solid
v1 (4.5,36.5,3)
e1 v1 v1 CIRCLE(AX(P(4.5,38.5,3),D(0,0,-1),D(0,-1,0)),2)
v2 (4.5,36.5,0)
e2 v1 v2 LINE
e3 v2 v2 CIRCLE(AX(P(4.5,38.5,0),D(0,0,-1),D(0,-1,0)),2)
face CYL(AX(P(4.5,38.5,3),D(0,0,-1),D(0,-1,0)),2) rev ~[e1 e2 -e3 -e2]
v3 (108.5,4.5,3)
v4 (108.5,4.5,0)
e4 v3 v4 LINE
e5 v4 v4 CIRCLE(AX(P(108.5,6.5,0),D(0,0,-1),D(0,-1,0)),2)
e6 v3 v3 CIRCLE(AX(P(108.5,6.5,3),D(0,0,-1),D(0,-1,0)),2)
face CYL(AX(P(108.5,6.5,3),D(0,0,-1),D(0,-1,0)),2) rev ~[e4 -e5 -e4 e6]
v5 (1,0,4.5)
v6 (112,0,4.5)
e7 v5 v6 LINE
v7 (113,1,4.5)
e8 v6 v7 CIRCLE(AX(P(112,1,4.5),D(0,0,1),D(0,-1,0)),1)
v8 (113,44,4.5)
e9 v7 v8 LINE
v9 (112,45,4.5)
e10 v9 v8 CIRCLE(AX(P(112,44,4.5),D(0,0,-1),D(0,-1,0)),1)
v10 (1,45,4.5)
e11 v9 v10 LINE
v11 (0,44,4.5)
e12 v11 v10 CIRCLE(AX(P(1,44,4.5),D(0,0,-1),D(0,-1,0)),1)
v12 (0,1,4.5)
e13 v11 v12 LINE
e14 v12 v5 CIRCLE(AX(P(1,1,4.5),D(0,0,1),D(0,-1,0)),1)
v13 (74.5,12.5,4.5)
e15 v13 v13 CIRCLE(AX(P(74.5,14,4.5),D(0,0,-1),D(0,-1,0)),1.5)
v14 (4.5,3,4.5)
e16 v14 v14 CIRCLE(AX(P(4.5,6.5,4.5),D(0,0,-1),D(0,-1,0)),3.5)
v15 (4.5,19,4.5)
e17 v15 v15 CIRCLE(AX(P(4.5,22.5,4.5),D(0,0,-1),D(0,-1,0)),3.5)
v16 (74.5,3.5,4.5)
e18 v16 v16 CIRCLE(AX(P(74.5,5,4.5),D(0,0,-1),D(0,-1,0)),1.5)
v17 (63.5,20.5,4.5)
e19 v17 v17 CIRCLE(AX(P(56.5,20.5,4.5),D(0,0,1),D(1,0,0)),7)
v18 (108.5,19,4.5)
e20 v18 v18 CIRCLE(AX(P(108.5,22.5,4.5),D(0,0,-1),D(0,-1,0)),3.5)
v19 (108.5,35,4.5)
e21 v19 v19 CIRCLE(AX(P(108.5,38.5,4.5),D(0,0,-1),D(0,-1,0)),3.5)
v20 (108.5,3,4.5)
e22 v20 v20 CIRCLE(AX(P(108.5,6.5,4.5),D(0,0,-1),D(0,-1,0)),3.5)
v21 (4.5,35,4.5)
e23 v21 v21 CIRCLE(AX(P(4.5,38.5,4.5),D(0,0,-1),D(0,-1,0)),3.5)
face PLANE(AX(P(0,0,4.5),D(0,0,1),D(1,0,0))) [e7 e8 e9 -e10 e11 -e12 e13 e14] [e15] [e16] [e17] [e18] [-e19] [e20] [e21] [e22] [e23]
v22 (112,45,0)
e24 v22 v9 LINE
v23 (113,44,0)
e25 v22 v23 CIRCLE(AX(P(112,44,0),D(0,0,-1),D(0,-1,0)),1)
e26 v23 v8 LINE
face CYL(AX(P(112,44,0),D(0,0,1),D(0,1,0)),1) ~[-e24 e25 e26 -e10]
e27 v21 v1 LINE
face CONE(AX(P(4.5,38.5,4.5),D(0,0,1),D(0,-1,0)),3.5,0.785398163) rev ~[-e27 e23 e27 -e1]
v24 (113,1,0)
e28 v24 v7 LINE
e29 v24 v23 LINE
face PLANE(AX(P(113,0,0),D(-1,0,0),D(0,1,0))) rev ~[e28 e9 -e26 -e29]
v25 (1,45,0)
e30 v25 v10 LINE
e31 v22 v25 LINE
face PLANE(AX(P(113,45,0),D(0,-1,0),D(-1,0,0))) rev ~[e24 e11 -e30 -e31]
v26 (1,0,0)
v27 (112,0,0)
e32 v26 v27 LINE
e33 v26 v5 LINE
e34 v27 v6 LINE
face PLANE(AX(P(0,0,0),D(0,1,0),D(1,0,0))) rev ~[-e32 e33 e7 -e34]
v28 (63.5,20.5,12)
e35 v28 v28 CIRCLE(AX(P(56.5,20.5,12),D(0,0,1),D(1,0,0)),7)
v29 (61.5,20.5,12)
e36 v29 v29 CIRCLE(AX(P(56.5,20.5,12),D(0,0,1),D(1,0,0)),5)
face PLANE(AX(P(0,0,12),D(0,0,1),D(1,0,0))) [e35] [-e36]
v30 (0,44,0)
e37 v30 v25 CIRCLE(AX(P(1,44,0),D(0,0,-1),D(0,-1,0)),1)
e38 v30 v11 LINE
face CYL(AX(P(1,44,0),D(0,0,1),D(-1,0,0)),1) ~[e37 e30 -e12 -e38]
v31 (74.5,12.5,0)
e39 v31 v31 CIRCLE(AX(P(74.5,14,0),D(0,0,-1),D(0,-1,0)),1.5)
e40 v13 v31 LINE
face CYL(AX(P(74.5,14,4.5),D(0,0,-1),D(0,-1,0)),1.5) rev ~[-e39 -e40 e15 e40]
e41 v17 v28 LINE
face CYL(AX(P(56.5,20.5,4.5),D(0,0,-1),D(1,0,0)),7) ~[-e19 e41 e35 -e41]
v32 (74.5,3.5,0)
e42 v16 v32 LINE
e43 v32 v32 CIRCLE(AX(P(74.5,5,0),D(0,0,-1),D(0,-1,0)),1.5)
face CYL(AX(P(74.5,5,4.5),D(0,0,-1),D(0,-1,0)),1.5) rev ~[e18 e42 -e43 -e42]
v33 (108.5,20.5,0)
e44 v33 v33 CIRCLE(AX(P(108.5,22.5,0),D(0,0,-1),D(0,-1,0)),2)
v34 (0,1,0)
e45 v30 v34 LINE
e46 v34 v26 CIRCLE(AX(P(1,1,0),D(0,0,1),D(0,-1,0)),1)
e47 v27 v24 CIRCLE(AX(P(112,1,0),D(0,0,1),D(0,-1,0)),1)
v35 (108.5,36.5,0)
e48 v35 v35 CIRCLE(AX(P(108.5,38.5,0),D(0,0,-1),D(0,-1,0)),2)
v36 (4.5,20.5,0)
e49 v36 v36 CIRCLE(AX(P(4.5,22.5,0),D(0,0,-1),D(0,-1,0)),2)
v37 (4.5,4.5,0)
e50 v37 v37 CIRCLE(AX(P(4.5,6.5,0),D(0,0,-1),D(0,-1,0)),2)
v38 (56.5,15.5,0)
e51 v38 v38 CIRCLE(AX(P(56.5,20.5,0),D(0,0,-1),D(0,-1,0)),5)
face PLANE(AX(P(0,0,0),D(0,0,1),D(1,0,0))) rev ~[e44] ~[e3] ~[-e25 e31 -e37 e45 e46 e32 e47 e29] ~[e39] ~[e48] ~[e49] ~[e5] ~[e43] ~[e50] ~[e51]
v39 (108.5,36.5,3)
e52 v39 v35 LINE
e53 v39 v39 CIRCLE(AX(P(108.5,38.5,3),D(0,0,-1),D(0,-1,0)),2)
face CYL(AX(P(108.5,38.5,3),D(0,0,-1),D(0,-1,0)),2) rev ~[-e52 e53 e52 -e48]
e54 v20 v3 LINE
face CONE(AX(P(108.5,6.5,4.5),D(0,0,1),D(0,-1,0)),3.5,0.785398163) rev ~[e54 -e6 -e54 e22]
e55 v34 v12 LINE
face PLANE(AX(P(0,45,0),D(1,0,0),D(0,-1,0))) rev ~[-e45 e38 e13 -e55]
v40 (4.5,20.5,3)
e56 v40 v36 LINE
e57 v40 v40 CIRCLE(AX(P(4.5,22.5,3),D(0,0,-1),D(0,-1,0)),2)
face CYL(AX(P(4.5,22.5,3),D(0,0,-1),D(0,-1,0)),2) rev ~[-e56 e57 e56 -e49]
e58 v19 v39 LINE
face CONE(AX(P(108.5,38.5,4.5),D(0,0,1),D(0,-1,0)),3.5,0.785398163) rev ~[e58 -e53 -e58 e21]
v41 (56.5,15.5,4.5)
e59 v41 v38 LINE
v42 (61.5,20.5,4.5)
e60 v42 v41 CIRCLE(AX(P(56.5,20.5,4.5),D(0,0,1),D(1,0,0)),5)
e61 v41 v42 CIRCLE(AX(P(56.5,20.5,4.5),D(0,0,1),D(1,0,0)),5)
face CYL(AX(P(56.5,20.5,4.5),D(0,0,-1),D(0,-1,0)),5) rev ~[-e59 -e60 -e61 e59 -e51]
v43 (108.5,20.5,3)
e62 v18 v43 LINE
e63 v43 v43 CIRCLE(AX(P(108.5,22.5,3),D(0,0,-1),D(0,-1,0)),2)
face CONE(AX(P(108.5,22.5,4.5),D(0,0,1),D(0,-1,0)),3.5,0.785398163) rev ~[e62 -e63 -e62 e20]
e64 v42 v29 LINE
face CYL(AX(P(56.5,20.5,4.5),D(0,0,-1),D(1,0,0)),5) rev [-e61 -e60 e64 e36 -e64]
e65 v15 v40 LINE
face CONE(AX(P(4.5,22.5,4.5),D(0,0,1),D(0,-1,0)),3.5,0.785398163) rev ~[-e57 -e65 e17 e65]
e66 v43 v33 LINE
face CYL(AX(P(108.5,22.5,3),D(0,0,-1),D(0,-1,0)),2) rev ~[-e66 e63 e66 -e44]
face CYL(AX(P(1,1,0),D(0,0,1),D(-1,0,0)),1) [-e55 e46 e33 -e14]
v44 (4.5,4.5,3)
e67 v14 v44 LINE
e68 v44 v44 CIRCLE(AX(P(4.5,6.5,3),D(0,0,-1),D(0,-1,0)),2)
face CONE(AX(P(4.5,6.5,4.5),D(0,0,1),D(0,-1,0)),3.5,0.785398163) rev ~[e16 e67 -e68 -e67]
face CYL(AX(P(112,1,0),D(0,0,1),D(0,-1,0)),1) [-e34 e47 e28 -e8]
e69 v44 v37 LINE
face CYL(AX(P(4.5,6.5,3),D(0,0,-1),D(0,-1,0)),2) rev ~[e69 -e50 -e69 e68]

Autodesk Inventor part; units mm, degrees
ref_plane "YZ Plane" through (0, 0, 0) normal (1, 0, 0) x (0, 1, 0)
ref_plane "XZ Plane" through (0, 0, 0) normal (0, 1, 0) x (-1, 0, 0)
ref_plane "XY Plane" through (0, 0, 0) normal (0, 0, 1) x (1, 0, 0)
sketch "Sketch1" plane through (0, 0, 0) normal (0, 0, 1) x (1, 0, 0)
  line L0 (0, 0) -> (113, 0)
  line L1 (113, 0) -> (113, 45)
  line L2 (113, 45) -> (0, 45)
  line L3 (0, 45) -> (0, 0)
  dimension "d0" = 113
  dimension "d1" = 45
extrude "Extrusion1" add sketch "Sketch1" along normal blind 4.5
sketch "Sketch2" plane through (0, 0, 4.5) normal (0, 0, 1) x (1, 0, 0)
  circle A0 centre (56.5, 20.5) radius 7
  circle A1 centre (56.5, 20.5) radius 5
  line L0 (113, 0) -> (113, 45) projected
  line L1 (0, 0) -> (113, 0) projected
  line L2 (4.5, 38.5) -> (4.5, 6.5) construction
  circle A2 centre (4.5, 38.5) radius 2
  circle A3 centre (4.5, 22.5) radius 2
  circle A4 centre (4.5, 6.5) radius 2
  line L3 (0, 45) -> (0, 0) projected
  line L4 (108.5, 38.5) -> (108.5, 6.5) construction
  circle A5 centre (108.5, 38.5) radius 2
  circle A6 centre (108.5, 22.5) radius 2
  circle A7 centre (108.5, 6.5) radius 2
  line L5 (74.5, 5) -> (74.5, 21.5) construction
  circle A8 centre (74.5, 14) radius 1.5
  circle A9 centre (74.5, 5) radius 1.5
  dimension "d4" = 14
  dimension "d5" = 10
  dimension "d6" = 56.5
  dimension "d7" = 20.5
  dimension "d8" = 4
  dimension "d9" = 4
  dimension "d10" = 4
  dimension "d11" = 4.5
  dimension "d12" = 6.5
  dimension "d13" = 16
  dimension "d14" = 16
  dimension "d15" = 4
  dimension "d16" = 4
  dimension "d17" = 4
  dimension "d18" = 6.5
  dimension "d19" = 16
  dimension "d20" = 16
  dimension "d21" = 4.5
  dimension "d23" = 3
  dimension "d24" = 3
  dimension "d25" = 5
  dimension "d26" = 9
  dimension "d27" = 38.5
  dimension "d51" = 56.5
extrude "Extrusion2" add sketch "Sketch2" along normal blind 7.5 contours A0
hole "Hole1" at (56.5, 20.5, 4.5) direction (0, 0, -1) diameter 10 end through all
hole "Hole2" at (4.5, 38.5, 4.5) at (4.5, 22.5, 4.5) at (4.5, 6.5, 4.5) at (108.5, 38.5, 4.5) at (108.5, 22.5, 4.5) at (108.5, 6.5, 4.5) direction (0, 0, -1) diameter 4 end through all countersink diameter 7 countersink angle 90
hole "Hole3" at (74.5, 14, 4.5) at (74.5, 5, 4.5) direction (0, 0, -1) diameter 3 end through all
fillet "Fillet1" radius 1 4 edges at (113, 0, 2.25) (113, 45, 2.25) (0, 45, 2.25) (0, 0, 2.25)
properties part number "HUDSON 1-05-TRUCK BOLSTER PLATE"
